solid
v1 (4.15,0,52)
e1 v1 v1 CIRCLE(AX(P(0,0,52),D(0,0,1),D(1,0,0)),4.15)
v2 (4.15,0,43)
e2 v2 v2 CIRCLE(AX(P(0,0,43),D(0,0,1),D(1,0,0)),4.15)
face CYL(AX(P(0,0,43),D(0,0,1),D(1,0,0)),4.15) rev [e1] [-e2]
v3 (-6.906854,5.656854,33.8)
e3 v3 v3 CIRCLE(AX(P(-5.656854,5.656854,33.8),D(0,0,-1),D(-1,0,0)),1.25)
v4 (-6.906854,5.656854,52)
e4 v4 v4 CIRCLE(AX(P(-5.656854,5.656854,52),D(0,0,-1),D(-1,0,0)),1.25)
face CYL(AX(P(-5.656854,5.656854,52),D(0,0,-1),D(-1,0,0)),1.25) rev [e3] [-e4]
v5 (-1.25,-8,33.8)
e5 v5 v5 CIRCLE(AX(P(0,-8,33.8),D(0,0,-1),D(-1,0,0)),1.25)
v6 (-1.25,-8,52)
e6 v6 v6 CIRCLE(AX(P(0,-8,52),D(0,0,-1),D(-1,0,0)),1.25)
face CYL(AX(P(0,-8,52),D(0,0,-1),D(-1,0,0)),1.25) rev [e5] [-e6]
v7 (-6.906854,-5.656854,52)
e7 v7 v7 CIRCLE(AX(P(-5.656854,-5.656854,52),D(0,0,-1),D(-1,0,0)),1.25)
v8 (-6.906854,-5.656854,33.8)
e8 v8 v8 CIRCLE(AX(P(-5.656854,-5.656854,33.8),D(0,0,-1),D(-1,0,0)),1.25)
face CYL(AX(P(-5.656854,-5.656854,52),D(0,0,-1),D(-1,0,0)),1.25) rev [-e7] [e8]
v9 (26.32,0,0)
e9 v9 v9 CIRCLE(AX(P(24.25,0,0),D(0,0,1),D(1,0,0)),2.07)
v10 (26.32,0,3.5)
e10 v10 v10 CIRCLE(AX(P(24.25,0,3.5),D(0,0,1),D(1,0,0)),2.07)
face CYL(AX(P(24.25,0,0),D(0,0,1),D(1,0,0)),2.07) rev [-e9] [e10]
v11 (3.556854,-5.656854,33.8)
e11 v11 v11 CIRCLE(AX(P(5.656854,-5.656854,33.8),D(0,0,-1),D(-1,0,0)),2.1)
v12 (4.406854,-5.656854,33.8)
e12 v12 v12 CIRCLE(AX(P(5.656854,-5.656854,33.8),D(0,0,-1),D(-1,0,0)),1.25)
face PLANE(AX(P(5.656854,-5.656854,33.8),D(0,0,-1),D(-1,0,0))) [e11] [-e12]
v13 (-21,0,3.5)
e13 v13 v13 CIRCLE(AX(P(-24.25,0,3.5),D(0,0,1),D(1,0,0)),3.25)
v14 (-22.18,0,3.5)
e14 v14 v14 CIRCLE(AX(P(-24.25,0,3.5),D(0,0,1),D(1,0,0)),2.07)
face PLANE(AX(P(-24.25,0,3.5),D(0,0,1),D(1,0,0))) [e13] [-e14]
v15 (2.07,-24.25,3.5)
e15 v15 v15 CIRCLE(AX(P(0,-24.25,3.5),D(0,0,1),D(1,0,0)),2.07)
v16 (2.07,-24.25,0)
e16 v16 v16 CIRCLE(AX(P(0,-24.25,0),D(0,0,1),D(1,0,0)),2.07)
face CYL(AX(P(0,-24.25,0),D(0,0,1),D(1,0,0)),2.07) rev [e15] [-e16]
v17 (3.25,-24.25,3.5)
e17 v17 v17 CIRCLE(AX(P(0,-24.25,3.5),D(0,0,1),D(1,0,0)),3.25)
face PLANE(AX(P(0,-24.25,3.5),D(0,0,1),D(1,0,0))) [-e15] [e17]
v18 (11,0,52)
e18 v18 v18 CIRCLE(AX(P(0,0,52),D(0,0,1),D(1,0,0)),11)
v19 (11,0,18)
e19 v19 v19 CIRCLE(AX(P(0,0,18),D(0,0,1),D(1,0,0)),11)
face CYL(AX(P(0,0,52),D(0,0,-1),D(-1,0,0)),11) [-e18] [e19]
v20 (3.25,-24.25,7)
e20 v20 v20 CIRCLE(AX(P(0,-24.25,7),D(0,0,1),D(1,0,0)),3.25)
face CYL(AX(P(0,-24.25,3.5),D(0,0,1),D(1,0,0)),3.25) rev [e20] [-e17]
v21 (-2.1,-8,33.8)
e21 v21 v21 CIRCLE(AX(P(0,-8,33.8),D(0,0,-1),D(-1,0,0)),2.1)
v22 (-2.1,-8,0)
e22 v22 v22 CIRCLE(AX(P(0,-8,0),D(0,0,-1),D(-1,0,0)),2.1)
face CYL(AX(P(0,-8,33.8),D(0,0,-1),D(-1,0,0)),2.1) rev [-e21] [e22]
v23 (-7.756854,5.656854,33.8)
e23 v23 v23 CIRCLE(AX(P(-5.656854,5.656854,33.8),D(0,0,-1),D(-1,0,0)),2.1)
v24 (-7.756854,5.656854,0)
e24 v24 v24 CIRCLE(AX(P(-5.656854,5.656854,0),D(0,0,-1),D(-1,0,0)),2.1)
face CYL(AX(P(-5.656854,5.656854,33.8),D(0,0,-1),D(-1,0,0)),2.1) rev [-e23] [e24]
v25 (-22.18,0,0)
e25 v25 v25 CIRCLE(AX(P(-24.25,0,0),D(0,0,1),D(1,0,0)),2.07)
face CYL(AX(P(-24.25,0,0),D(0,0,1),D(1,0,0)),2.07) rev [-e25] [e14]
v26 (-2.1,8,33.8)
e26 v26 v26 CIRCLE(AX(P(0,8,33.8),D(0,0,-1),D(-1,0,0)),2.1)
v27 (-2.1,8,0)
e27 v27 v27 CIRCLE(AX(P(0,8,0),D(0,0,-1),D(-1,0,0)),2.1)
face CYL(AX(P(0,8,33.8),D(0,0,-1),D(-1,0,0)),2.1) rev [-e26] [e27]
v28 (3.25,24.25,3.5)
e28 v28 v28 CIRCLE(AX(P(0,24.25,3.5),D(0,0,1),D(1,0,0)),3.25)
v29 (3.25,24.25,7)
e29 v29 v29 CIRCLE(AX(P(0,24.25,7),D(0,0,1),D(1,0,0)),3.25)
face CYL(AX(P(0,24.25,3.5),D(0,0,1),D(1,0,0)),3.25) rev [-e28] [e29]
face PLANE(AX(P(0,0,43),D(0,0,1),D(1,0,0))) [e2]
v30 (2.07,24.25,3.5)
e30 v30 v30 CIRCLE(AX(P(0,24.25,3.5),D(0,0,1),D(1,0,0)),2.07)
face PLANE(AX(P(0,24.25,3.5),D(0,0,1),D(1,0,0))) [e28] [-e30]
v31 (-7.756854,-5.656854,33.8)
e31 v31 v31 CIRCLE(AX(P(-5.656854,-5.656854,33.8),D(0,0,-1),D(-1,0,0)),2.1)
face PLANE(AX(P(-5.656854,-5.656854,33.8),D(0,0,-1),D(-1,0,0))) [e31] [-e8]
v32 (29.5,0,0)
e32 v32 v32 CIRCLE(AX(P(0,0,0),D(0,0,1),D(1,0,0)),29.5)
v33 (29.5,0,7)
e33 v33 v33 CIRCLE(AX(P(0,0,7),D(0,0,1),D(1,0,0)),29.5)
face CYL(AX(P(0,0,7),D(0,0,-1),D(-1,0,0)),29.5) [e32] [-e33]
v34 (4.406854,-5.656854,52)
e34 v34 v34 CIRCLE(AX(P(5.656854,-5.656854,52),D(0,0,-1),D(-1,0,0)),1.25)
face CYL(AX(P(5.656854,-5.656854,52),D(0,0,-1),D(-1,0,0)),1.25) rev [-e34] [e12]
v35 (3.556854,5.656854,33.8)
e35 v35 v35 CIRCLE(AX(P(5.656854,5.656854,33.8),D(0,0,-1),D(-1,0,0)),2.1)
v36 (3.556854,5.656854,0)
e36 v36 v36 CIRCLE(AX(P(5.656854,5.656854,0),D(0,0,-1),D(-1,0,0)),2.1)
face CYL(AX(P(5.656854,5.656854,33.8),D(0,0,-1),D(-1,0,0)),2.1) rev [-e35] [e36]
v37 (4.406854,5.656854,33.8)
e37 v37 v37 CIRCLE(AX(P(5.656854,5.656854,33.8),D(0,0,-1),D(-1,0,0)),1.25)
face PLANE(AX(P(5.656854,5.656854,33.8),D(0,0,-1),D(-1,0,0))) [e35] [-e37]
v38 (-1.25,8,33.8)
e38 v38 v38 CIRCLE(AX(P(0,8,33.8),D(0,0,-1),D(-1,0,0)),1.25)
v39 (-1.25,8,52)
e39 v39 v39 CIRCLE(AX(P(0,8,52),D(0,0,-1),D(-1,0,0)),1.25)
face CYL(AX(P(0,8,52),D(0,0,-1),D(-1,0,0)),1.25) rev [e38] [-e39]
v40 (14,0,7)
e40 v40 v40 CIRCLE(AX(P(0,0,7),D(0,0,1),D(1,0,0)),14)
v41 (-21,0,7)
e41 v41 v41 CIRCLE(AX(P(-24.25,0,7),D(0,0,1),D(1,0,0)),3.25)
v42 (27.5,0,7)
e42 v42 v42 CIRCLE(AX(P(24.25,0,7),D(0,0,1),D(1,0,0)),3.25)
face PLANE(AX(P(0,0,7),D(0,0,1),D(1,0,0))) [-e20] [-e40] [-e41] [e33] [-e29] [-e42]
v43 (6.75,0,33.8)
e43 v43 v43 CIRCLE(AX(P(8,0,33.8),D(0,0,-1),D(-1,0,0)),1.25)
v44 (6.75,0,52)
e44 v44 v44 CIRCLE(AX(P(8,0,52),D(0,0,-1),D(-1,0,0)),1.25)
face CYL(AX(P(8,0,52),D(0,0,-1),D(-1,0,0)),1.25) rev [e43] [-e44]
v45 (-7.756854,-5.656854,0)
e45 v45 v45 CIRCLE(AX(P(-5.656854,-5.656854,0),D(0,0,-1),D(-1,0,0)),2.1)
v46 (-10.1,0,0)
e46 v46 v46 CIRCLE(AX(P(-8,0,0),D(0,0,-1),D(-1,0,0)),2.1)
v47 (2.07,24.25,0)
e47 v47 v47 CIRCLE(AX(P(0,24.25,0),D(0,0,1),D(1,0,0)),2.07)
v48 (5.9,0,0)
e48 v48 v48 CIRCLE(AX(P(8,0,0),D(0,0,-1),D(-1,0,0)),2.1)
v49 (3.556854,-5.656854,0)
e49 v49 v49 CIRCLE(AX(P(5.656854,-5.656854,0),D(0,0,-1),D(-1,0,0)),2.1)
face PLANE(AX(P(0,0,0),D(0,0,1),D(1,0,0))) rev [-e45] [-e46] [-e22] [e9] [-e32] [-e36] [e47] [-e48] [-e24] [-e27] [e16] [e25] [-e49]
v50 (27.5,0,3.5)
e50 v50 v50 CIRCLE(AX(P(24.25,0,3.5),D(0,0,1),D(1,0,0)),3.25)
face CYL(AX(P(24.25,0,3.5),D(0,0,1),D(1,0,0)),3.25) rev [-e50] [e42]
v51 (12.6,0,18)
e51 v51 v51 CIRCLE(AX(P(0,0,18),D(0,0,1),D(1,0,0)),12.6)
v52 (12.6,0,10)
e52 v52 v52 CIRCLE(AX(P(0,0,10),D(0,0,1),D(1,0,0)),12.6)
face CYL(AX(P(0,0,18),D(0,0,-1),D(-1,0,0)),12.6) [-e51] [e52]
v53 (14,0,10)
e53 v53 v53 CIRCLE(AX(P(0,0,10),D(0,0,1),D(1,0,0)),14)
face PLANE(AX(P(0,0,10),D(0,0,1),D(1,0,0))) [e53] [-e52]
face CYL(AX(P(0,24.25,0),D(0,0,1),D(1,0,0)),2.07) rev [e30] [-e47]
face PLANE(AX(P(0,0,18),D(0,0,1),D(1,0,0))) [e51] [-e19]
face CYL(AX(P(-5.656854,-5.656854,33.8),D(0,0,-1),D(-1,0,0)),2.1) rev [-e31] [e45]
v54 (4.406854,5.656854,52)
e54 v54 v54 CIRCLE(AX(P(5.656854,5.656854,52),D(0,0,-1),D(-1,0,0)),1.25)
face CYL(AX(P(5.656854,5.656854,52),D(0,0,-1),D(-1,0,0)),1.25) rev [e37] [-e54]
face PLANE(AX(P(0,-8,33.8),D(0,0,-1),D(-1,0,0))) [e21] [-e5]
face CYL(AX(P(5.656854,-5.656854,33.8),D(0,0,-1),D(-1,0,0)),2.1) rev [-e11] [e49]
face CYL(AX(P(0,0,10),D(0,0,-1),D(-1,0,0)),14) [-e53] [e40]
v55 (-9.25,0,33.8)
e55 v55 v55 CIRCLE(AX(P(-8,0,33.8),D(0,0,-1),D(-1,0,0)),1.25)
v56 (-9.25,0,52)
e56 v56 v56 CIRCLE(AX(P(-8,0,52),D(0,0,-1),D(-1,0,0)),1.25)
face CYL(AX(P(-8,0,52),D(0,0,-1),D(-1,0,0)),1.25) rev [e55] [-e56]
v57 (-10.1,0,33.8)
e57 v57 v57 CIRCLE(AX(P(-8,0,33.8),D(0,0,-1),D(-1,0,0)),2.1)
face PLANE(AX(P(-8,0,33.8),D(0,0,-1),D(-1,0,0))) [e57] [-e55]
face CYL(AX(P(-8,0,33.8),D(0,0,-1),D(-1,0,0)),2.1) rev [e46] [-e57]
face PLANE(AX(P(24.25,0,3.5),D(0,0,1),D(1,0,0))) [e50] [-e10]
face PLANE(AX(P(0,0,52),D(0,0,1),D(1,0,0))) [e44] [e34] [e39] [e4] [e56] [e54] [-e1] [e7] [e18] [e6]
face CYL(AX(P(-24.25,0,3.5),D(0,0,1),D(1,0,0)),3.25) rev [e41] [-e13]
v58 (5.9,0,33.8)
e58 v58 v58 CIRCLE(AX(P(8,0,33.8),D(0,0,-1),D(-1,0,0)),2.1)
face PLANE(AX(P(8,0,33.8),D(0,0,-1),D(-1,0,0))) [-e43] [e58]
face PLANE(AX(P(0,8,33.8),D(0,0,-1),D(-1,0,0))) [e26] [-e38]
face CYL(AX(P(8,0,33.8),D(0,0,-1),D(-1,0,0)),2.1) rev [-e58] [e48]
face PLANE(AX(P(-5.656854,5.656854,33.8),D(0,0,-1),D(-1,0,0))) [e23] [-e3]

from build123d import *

# Parameters (mm, degrees)
SKETCH2_R           = 29.5
BOSS_EXTRUDE1_DEPTH = 7
SKETCH3_R           = 14
BOSS_EXTRUDE2_DEPTH = 3
SKETCH5_R           = 12.6
BOSS_EXTRUDE3_DEPTH = 8
SKETCH6_R           = 11
BOSS_EXTRUDE4_DEPTH = 34
SKETCH7_R           = 2.1
CUT_EXTRUDE1_DEPTH  = 33.8
SKETCH8_R           = 1.25
CUT_EXTRUDE2_DEPTH  = 19.2
SKETCH9_R           = 4.15
CUT_EXTRUDE3_DEPTH  = 9
SKETCH10_R          = 3.25
CUT_EXTRUDE4_DEPTH  = 3.5
SKETCH11_R          = 2.07
CUT_EXTRUDE5_DEPTH  = 4.5


with BuildPart() as part:
    # Sketch2 → Boss-Extrude1 (new body)
    with BuildSketch(Plane.XY):
        Circle(SKETCH2_R)
    extrude(amount=BOSS_EXTRUDE1_DEPTH)

    # Sketch3 → Boss-Extrude2 (add)
    with BuildSketch(Plane.XY.offset(7)):
        Circle(SKETCH3_R)
    extrude(amount=BOSS_EXTRUDE2_DEPTH)

    # Sketch5 → Boss-Extrude3 (add)
    with BuildSketch(Plane.XY.offset(10)):
        Circle(SKETCH5_R)
    extrude(amount=BOSS_EXTRUDE3_DEPTH)

    # Sketch6 → Boss-Extrude4 (add)
    with BuildSketch(Plane.XY.offset(18)):
        Circle(SKETCH6_R)
    extrude(amount=BOSS_EXTRUDE4_DEPTH)

    # Sketch7 → Cut-Extrude1 (cut)
    with BuildSketch(Plane(origin=(0, 0, 0), x_dir=(-1, 0, 0), z_dir=(0, 0, -1))):
        with Locations((8, 0)):
            Circle(SKETCH7_R)
        with Locations((5.656854249, -5.656854249)):
            Circle(SKETCH7_R)
        with Locations((0, -8)):
            Circle(SKETCH7_R)
        with Locations((-5.656854249, -5.656854249)):
            Circle(SKETCH7_R)
        with Locations((-8, 0)):
            Circle(SKETCH7_R)
        with Locations((-5.656854249, 5.656854249)):
            Circle(SKETCH7_R)
        with Locations((0, 8)):
            Circle(SKETCH7_R)
        with Locations((5.656854249, 5.656854249)):
            Circle(SKETCH7_R)
    extrude(amount=-CUT_EXTRUDE1_DEPTH, mode=Mode.SUBTRACT)

    # Sketch8 → Cut-Extrude2 (cut, through all)
    with BuildSketch(Plane(origin=(0, 0, 33.8), x_dir=(-1, 0, 0), z_dir=(0, 0, -1))):
        with Locations((-8, 0)):
            Circle(SKETCH8_R)
        with Locations((-5.656854249, 5.656854249)):
            Circle(SKETCH8_R)
        with Locations((0, 8)):
            Circle(SKETCH8_R)
        with Locations((5.656854249, 5.656854249)):
            Circle(SKETCH8_R)
        with Locations((8, 0)):
            Circle(SKETCH8_R)
        with Locations((5.656854249, -5.656854249)):
            Circle(SKETCH8_R)
        with Locations((0, -8)):
            Circle(SKETCH8_R)
        with Locations((-5.656854249, -5.656854249)):
            Circle(SKETCH8_R)
    extrude(amount=-CUT_EXTRUDE2_DEPTH, mode=Mode.SUBTRACT)

    # Sketch9 → Cut-Extrude3 (cut)
    with BuildSketch(Plane.XY.offset(52)):
        Circle(SKETCH9_R)
    extrude(amount=-CUT_EXTRUDE3_DEPTH, mode=Mode.SUBTRACT)

    # Sketch10 → Cut-Extrude4 (cut)
    with BuildSketch(Plane.XY.offset(7)):
        with Locations((-24.25, 0)):
            Circle(SKETCH10_R)
        with Locations((0, 24.25)):
            Circle(SKETCH10_R)
        with Locations((24.25, 0)):
            Circle(SKETCH10_R)
        with Locations((0, -24.25)):
            Circle(SKETCH10_R)
    extrude(amount=-CUT_EXTRUDE4_DEPTH, mode=Mode.SUBTRACT)

    # Sketch11 → Cut-Extrude5 (cut, through all)
    with BuildSketch(Plane.XY.offset(3.5)):
        with Locations((0, 24.25)):
            Circle(SKETCH11_R)
        with Locations((24.25, 0)):
            Circle(SKETCH11_R)
        with Locations((0, -24.25)):
            Circle(SKETCH11_R)
        with Locations((-24.25, 0)):
            Circle(SKETCH11_R)
    extrude(amount=-CUT_EXTRUDE5_DEPTH, mode=Mode.SUBTRACT)


solid = part.part
